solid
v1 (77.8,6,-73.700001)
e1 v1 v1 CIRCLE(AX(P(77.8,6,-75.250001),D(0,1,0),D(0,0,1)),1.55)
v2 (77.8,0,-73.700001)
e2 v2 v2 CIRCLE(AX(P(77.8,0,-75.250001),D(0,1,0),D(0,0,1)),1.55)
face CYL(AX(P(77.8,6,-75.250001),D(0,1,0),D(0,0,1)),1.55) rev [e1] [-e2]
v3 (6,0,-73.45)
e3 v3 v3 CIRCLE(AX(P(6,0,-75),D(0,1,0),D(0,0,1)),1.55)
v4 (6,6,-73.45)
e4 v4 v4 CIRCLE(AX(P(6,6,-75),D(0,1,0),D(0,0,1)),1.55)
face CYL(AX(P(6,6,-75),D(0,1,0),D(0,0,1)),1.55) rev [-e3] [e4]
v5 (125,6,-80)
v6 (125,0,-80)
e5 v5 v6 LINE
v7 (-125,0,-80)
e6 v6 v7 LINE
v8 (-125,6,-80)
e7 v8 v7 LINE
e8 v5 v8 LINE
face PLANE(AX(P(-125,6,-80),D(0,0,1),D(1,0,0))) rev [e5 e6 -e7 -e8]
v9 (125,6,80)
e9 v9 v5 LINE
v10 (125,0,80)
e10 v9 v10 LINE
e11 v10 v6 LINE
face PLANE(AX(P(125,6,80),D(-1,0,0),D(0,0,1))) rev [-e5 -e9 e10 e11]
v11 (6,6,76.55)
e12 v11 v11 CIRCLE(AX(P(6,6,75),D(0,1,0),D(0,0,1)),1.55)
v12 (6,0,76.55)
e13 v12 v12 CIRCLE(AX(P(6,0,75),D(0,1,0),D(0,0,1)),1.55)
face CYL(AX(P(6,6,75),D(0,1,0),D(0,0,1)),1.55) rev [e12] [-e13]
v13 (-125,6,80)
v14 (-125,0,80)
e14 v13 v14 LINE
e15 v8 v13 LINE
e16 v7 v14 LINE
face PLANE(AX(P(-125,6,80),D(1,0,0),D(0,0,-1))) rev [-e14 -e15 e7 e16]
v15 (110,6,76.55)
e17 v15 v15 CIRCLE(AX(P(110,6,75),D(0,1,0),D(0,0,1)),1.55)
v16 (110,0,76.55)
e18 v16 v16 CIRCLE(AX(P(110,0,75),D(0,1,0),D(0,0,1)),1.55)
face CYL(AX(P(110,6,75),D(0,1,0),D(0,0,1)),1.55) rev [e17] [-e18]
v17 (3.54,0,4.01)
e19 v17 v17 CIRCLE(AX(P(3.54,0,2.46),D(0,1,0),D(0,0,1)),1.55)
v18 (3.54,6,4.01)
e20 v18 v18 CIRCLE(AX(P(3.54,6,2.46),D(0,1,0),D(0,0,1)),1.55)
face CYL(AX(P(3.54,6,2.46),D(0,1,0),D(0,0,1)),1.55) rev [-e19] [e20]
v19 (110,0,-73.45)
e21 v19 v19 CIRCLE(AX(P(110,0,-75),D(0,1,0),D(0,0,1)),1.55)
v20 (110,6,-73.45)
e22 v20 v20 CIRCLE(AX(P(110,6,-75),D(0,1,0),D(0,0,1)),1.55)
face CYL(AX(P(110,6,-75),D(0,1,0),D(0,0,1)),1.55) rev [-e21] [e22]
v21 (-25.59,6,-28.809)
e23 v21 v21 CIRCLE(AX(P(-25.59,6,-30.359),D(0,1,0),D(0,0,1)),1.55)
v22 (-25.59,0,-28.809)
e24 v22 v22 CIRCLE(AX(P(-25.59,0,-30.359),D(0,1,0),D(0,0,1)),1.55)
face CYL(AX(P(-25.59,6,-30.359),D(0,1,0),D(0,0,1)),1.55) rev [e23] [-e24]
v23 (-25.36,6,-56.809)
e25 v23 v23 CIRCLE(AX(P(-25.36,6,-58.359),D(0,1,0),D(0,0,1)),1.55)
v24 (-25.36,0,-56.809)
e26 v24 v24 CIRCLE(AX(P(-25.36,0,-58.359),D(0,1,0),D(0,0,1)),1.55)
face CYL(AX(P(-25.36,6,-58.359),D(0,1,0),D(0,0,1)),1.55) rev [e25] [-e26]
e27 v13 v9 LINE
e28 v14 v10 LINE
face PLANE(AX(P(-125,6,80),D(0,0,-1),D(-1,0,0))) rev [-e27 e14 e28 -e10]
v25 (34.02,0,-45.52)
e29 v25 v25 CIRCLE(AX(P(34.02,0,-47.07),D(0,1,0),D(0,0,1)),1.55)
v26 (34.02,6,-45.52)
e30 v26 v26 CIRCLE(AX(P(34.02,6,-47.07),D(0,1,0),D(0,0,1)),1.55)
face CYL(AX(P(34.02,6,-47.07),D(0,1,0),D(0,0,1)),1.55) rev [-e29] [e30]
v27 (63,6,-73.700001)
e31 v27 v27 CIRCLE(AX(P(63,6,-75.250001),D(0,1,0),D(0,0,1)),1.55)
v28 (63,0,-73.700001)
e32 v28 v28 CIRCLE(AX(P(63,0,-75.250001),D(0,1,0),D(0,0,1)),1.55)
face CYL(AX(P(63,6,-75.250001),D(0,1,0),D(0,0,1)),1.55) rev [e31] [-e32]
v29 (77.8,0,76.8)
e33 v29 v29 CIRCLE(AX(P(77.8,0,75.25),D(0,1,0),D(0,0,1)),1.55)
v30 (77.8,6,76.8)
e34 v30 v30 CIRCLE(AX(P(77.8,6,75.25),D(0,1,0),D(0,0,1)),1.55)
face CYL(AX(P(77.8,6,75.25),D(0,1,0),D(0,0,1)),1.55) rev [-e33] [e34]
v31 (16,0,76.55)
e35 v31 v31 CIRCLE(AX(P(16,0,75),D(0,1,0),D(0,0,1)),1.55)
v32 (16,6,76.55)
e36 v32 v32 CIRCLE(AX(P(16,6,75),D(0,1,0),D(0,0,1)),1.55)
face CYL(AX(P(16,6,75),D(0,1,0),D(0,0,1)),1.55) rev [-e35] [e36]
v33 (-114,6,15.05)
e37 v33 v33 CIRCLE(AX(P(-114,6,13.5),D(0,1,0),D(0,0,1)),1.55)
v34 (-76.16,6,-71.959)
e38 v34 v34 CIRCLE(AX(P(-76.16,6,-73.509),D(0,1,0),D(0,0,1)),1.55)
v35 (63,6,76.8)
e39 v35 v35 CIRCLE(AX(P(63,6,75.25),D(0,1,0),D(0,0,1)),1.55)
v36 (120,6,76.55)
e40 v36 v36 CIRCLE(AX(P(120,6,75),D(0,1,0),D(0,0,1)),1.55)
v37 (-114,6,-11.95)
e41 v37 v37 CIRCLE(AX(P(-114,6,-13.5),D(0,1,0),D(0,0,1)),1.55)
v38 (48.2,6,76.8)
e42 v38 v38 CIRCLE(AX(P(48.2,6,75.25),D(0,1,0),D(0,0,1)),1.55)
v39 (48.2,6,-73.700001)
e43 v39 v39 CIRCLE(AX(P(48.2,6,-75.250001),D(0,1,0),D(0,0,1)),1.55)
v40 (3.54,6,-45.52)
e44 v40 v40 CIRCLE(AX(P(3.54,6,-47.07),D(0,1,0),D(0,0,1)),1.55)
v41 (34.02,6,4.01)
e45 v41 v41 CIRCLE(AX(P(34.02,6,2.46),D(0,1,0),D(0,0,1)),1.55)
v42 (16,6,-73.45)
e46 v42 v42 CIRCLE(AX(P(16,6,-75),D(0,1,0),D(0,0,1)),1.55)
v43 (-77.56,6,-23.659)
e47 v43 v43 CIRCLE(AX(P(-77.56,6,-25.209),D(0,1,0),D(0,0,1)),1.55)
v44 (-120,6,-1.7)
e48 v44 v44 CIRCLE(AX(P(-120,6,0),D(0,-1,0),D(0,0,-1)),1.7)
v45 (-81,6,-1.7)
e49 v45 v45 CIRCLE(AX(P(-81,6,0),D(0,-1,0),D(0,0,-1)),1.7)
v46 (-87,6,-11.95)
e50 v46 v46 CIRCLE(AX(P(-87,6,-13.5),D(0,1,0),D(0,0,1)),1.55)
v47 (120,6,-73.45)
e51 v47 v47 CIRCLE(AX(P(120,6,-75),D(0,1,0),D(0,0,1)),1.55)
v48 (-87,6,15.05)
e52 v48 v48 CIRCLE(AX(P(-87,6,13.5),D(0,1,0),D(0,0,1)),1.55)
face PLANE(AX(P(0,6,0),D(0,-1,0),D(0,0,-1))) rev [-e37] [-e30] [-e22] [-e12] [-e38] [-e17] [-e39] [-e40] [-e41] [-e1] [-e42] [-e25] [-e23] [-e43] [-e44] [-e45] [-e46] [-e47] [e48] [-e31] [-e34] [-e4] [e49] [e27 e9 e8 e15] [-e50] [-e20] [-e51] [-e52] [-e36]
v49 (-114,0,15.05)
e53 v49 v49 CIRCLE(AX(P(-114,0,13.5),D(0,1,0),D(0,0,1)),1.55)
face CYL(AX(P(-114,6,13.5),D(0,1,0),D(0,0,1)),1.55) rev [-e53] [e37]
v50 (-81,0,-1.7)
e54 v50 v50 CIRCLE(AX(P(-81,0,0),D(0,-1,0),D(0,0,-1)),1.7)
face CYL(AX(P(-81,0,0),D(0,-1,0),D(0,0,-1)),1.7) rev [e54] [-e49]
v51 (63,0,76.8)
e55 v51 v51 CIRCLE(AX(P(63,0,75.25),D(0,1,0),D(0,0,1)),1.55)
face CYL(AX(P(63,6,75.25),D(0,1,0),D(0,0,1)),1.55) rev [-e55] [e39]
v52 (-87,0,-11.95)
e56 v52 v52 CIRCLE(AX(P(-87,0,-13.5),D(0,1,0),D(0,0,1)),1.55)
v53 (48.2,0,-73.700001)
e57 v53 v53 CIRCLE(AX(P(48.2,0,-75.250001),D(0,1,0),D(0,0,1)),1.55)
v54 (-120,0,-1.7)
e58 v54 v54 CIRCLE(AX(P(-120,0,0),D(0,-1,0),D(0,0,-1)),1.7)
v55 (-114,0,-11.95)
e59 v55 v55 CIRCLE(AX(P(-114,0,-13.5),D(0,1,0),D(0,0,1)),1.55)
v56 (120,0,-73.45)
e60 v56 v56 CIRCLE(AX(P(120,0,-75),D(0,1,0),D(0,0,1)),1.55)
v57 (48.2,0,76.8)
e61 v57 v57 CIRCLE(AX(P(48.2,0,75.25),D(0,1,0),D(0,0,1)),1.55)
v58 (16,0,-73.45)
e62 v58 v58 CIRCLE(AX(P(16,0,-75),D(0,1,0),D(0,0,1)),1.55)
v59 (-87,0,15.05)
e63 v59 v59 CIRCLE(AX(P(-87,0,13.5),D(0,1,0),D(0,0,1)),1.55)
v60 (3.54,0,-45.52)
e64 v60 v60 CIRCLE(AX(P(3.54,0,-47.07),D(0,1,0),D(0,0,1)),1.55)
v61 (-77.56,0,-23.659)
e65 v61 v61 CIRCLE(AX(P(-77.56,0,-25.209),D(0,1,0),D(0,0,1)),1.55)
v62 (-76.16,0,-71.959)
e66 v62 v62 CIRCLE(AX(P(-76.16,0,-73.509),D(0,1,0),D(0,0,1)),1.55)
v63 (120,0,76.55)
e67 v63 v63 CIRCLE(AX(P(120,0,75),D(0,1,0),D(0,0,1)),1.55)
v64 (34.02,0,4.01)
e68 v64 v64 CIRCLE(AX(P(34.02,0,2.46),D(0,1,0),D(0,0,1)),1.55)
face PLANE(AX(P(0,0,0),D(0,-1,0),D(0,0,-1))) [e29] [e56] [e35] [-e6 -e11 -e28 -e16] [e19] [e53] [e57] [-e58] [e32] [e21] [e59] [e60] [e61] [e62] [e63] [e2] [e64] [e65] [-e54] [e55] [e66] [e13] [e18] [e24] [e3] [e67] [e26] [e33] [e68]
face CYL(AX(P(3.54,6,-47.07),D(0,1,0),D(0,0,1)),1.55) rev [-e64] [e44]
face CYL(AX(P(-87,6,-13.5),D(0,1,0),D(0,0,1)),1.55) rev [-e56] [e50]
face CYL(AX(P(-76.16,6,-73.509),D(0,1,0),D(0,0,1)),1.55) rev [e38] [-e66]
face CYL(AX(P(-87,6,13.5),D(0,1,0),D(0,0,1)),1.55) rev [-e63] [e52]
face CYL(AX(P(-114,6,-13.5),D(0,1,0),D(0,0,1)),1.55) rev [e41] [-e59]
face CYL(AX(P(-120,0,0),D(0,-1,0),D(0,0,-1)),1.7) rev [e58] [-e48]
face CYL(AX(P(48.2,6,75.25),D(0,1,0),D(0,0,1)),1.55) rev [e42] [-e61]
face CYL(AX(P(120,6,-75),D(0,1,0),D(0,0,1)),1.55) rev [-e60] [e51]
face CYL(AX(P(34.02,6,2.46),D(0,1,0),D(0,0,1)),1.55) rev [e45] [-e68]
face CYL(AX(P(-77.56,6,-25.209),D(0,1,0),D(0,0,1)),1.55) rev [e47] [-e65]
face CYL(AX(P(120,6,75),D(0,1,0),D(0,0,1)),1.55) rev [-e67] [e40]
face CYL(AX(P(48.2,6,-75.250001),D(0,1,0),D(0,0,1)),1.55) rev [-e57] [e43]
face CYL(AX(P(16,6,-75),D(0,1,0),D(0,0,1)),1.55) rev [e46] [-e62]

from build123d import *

# Parameters (mm, degrees)
SKETCH1_W            = 250
SKETCH1_H            = 160
BOSS_EXTRUDE1_DEPTH  = 6
M3_CLEARANCE_HOLE1_D = 3.1
M3_CLEARANCE_HOLE2_D = 3.1
M3_CLEARANCE_HOLE3_D = 3.1
M3_CLEARANCE_HOLE4_D = 3.1
M3_CLEARANCE_HOLE5_D = 3.4


with BuildPart() as part:
    # Sketch1 → Boss-Extrude1 (new body)
    with BuildSketch(Plane(origin=(0, 0, 0), x_dir=(1, 0, 0), z_dir=(0, 1, 0))):
        Rectangle(SKETCH1_W, SKETCH1_H)
    extrude(amount=BOSS_EXTRUDE1_DEPTH)

    # M3 Clearance Hole1 (through all)
    with Locations(Plane(origin=(0, 6, 0), x_dir=(1, 0, 0), z_dir=(0, 1, 0))):
        with Locations((6, -75), (16, -75), (110, -75), (120, -75), (120, 75), (110, 75), (16, 75), (6, 75)):
            Hole(M3_CLEARANCE_HOLE1_D / 2)

    # M3 Clearance Hole2 (through all)
    with Locations(Plane(origin=(0, 6, 0), x_dir=(1, 0, 0), z_dir=(0, 1, 0))):
        with Locations((48.19999954, 75.250001403), (62.99999954, 75.250001403), (77.79999954, 75.250001403), (48.2, -75.25), (63, -75.25), (77.8, -75.25)):
            Hole(M3_CLEARANCE_HOLE2_D / 2)

    # M3 Clearance Hole3 (through all)
    with Locations(Plane(origin=(0, 6, 0), x_dir=(1, 0, 0), z_dir=(0, 1, 0))):
        with Locations((-114, -13.5), (-87, -13.5), (-87, 13.5), (-114, 13.5)):
            Hole(M3_CLEARANCE_HOLE3_D / 2)

    # M3 Clearance Hole4 (through all)
    with Locations(Plane(origin=(0, 6, 0), x_dir=(1, 0, 0), z_dir=(0, 1, 0))):
        with Locations((3.54, -2.46), (34.02, -2.46), (34.02, 47.07), (3.54, 47.07), (-77.56, 25.209), (-25.59, 30.359), (-25.36, 58.359), (-76.16, 73.509)):
            Hole(M3_CLEARANCE_HOLE4_D / 2)

    # M3 Clearance Hole5 (through all)
    with Locations(Plane(origin=(0, 0, 0), x_dir=(-1, 0, 0), z_dir=(0, -1, 0))):
        with Locations((81, 0), (120, 0)):
            Hole(M3_CLEARANCE_HOLE5_D / 2)


solid = part.part
